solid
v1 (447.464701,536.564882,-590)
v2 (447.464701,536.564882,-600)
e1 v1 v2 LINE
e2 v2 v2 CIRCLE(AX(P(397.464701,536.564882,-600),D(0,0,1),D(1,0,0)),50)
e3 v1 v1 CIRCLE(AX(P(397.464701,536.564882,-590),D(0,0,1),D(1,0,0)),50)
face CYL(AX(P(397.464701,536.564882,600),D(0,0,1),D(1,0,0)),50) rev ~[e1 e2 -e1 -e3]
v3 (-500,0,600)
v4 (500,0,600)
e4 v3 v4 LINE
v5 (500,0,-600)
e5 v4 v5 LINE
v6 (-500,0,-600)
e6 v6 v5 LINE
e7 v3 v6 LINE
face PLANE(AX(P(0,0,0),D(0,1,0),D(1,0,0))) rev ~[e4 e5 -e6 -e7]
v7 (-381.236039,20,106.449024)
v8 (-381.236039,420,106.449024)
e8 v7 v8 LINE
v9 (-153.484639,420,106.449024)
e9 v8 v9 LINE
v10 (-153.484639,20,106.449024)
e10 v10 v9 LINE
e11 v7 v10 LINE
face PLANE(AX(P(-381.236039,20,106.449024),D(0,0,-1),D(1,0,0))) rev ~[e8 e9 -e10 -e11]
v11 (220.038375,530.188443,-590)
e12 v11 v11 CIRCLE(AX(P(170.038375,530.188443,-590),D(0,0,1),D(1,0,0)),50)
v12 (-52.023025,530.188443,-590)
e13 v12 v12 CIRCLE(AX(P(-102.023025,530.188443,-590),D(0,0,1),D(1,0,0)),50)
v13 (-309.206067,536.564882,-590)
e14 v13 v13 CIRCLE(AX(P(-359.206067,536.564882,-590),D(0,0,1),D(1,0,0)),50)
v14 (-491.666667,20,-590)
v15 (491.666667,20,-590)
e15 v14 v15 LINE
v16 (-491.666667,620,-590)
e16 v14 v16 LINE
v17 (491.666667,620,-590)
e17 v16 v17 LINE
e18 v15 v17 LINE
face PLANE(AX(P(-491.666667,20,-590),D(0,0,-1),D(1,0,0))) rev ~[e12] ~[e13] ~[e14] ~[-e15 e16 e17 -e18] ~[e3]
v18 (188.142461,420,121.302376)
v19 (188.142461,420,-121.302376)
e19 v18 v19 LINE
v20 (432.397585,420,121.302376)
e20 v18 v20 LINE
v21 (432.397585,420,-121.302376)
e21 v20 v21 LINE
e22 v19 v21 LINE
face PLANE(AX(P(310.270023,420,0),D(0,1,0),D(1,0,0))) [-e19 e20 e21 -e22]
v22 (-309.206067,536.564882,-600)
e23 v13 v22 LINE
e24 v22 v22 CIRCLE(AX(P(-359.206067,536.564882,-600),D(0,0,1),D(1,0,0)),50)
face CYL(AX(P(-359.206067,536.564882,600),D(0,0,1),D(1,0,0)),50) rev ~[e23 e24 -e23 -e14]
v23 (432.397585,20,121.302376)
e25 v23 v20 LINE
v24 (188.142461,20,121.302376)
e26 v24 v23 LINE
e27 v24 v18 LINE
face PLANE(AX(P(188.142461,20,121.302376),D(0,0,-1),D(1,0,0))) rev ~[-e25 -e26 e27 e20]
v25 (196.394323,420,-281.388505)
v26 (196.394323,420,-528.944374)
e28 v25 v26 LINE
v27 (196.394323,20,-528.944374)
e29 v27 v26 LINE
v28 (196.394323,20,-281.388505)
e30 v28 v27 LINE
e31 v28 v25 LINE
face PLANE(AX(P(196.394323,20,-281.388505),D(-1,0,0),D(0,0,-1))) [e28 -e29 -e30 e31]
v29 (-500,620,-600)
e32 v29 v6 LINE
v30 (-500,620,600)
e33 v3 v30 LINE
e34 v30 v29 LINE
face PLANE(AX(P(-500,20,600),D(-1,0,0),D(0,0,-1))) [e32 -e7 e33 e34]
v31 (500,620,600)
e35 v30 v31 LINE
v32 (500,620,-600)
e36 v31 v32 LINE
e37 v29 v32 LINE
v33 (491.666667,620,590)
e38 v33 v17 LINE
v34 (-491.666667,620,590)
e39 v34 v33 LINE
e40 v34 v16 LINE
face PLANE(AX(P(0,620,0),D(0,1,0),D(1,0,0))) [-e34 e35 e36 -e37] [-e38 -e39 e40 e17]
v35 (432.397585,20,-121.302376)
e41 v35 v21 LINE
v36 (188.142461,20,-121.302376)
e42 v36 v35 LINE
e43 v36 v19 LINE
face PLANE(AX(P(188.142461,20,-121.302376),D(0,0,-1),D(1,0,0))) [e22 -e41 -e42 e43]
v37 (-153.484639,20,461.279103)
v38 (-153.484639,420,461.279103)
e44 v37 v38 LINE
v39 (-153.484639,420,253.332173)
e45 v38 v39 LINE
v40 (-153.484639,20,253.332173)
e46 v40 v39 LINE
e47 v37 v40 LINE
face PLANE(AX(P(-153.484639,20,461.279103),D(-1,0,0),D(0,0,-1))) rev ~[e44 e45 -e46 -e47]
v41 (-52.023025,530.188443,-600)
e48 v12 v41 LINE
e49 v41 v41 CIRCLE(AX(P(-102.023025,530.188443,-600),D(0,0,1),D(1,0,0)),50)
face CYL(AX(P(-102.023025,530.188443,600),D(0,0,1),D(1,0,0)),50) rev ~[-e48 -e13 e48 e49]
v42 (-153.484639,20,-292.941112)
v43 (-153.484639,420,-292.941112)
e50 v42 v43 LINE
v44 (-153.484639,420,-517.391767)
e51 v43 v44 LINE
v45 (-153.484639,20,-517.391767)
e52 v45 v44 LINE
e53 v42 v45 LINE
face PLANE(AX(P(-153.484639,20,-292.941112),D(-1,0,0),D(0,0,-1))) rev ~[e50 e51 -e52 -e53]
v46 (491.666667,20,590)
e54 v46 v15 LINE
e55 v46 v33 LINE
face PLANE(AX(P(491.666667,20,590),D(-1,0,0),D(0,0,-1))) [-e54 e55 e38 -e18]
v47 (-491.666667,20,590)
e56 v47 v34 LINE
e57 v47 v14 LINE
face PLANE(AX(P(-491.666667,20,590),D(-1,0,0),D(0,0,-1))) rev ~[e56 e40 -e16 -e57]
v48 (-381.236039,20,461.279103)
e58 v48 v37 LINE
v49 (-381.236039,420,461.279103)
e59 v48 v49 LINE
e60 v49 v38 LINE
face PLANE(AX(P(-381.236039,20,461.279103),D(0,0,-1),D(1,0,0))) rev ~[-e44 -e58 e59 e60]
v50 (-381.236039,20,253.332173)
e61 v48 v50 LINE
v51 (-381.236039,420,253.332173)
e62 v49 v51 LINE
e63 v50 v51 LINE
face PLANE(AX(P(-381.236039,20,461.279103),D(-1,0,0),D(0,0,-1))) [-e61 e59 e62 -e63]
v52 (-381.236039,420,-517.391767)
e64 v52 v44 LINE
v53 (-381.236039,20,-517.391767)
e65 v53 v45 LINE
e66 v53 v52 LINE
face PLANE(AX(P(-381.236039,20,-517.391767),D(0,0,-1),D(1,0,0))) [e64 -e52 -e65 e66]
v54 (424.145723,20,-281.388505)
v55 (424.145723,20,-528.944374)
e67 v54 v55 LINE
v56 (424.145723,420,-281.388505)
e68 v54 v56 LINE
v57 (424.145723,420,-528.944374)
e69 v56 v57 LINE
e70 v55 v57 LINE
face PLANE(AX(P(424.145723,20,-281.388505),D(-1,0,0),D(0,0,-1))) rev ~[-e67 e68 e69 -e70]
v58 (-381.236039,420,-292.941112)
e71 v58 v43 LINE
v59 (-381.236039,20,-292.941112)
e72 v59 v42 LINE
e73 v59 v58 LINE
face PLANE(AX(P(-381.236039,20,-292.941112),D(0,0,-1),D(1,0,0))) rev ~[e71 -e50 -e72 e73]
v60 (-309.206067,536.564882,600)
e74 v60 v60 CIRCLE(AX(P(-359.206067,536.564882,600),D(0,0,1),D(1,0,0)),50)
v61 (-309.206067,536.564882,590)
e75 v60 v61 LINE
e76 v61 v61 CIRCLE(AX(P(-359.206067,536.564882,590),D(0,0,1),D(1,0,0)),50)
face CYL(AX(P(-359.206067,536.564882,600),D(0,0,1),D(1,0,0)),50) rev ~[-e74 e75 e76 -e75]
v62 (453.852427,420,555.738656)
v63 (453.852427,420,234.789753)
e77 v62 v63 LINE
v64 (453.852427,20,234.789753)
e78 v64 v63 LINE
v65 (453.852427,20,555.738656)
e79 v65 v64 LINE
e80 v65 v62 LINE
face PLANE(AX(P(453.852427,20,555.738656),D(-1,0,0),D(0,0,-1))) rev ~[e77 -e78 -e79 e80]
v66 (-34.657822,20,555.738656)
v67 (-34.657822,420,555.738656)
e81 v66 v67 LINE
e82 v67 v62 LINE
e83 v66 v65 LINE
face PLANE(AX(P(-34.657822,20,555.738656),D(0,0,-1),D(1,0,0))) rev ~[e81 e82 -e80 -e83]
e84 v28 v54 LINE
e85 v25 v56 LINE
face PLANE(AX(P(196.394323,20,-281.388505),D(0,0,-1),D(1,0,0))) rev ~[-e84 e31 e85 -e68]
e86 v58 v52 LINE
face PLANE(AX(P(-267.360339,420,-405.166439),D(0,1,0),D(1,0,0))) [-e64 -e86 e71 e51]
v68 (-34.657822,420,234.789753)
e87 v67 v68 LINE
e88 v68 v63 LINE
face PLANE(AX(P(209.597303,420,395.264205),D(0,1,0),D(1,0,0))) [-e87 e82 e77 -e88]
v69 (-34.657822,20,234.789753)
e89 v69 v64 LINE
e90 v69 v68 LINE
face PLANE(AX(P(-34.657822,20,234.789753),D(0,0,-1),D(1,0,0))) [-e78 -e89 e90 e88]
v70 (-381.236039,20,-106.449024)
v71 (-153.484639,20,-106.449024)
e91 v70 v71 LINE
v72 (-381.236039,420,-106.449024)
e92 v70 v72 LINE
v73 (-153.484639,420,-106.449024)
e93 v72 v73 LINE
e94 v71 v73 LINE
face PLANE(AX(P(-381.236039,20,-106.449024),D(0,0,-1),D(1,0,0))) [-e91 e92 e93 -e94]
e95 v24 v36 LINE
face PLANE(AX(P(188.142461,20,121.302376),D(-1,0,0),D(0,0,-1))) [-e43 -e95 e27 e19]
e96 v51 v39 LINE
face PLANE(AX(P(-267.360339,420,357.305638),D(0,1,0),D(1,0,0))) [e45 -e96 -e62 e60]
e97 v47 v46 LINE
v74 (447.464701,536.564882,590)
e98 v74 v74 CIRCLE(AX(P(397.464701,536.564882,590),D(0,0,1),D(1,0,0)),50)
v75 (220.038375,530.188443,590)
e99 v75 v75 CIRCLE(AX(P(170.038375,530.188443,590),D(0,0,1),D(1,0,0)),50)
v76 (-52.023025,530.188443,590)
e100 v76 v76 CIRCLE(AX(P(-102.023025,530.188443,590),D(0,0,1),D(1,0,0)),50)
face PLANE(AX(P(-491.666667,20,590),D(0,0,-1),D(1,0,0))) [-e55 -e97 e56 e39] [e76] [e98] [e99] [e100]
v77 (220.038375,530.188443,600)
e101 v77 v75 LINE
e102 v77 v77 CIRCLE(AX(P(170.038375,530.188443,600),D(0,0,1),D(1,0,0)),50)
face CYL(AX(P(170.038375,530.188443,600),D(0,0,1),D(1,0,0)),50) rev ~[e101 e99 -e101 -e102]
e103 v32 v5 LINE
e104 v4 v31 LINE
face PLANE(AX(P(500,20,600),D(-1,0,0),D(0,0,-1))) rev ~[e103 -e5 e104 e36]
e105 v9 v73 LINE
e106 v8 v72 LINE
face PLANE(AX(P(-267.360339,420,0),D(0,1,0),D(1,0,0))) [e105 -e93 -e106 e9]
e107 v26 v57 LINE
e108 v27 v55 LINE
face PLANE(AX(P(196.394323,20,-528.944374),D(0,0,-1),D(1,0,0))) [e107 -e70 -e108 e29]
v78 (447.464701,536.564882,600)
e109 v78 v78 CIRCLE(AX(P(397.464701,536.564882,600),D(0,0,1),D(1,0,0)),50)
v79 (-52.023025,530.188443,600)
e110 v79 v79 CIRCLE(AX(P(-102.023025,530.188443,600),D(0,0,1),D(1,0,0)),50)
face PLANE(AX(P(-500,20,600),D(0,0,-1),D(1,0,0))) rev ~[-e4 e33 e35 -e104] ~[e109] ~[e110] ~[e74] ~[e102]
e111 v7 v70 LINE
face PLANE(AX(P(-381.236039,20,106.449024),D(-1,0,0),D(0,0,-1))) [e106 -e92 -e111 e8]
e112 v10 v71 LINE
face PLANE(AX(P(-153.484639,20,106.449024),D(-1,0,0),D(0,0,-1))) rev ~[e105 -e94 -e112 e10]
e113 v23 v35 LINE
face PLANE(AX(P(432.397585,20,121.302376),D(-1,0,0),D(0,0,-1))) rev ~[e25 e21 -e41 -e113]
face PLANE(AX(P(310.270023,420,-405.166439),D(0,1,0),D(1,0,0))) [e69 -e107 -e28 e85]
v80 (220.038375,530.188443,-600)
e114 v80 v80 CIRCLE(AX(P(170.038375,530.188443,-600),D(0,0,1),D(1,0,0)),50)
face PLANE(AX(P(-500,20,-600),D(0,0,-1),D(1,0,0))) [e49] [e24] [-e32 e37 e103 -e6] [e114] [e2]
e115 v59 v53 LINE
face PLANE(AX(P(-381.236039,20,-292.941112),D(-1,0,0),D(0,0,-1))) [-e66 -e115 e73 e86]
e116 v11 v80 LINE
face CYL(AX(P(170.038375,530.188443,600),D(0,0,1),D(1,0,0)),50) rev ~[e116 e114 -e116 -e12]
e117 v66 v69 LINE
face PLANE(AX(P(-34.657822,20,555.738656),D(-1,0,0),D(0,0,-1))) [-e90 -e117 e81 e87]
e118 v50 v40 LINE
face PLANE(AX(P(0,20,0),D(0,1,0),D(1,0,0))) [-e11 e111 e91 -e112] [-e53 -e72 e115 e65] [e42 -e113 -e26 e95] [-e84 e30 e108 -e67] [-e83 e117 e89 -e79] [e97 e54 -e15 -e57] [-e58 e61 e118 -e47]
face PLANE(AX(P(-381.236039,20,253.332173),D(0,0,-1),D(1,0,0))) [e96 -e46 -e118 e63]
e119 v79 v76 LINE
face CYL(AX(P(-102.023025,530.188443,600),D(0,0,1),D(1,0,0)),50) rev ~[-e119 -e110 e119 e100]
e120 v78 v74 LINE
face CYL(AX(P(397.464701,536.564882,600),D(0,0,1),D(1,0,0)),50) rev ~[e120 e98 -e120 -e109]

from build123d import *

# Parameters (mm, degrees)
SKETCH1_W           = 1000
SKETCH1_H           = 1200
BOSS_EXTRUDE1_DEPTH = 20
SKETCH2_W           = 1000
SKETCH2_H           = 1200
SKETCH2_W_2         = 983.333333334
SKETCH2_H_2         = 1180
BOSS_EXTRUDE2_DEPTH = 600
SKETCH3_W           = 227.751399754
SKETCH3_H           = 224.45065483
SKETCH3_H_2         = 247.555869298
SKETCH3_H_3         = 212.898047596
SKETCH3_W_2         = 244.255124374
SKETCH3_H_4         = 242.604751912
SKETCH3_H_5         = 207.946930211
SKETCH3_W_3         = 488.510248749
SKETCH3_H_6         = 320.94890349
BOSS_EXTRUDE3_DEPTH = 400
SKETCH13_R          = 50
CUT_EXTRUDE1_DEPTH  = 1441.277750991


with BuildPart() as part:
    # Sketch1 → Boss-Extrude1 (new body)
    with BuildSketch(Plane(origin=(0, 0, 0), x_dir=(1, 0, 0), z_dir=(0, 1, 0))):
        Rectangle(SKETCH1_W, SKETCH1_H)
    extrude(amount=BOSS_EXTRUDE1_DEPTH)

    # Sketch2 → Boss-Extrude2 (add)
    with BuildSketch(Plane(origin=(0, 20, 0), x_dir=(1, 0, 0), z_dir=(0, 1, 0))):
        Rectangle(SKETCH2_W, SKETCH2_H)
        Rectangle(SKETCH2_W_2, SKETCH2_H_2, mode=Mode.SUBTRACT)
    extrude(amount=BOSS_EXTRUDE2_DEPTH)

    # Sketch3 → Boss-Extrude3 (add)
    with BuildSketch(Plane(origin=(0, 20, 0), x_dir=(1, 0, 0), z_dir=(0, 1, 0))):
        with Locations((-267.360338842, 405.166439418)):
            Rectangle(SKETCH3_W, SKETCH3_H)
        with Locations((310.270022854, 405.166439418)):
            Rectangle(SKETCH3_W, SKETCH3_H_2)
        with Locations((-267.360338842, 0)):
            Rectangle(SKETCH3_W, SKETCH3_H_3)
        with Locations((310.270022854, 0)):
            Rectangle(SKETCH3_W_2, SKETCH3_H_4)
        with Locations((-267.360338842, -357.305638021)):
            Rectangle(SKETCH3_W, SKETCH3_H_5)
        with Locations((209.597302673, -395.264204646)):
            Rectangle(SKETCH3_W_3, SKETCH3_H_6)
    extrude(amount=BOSS_EXTRUDE3_DEPTH)

    # Sketch13 → Cut-Extrude1 (cut, through all)
    with BuildSketch(Plane.XY.offset(600)):
        with Locations((-359.206066916, 536.564881977)):
            Circle(SKETCH13_R)
        with Locations((-102.023024923, 530.188442919)):
            Circle(SKETCH13_R)
        with Locations((170.038374872, 530.188442919)):
            Circle(SKETCH13_R)
        with Locations((397.464701262, 536.564881977)):
            Circle(SKETCH13_R)
    extrude(amount=-CUT_EXTRUDE1_DEPTH, mode=Mode.SUBTRACT)


solid = part.part
